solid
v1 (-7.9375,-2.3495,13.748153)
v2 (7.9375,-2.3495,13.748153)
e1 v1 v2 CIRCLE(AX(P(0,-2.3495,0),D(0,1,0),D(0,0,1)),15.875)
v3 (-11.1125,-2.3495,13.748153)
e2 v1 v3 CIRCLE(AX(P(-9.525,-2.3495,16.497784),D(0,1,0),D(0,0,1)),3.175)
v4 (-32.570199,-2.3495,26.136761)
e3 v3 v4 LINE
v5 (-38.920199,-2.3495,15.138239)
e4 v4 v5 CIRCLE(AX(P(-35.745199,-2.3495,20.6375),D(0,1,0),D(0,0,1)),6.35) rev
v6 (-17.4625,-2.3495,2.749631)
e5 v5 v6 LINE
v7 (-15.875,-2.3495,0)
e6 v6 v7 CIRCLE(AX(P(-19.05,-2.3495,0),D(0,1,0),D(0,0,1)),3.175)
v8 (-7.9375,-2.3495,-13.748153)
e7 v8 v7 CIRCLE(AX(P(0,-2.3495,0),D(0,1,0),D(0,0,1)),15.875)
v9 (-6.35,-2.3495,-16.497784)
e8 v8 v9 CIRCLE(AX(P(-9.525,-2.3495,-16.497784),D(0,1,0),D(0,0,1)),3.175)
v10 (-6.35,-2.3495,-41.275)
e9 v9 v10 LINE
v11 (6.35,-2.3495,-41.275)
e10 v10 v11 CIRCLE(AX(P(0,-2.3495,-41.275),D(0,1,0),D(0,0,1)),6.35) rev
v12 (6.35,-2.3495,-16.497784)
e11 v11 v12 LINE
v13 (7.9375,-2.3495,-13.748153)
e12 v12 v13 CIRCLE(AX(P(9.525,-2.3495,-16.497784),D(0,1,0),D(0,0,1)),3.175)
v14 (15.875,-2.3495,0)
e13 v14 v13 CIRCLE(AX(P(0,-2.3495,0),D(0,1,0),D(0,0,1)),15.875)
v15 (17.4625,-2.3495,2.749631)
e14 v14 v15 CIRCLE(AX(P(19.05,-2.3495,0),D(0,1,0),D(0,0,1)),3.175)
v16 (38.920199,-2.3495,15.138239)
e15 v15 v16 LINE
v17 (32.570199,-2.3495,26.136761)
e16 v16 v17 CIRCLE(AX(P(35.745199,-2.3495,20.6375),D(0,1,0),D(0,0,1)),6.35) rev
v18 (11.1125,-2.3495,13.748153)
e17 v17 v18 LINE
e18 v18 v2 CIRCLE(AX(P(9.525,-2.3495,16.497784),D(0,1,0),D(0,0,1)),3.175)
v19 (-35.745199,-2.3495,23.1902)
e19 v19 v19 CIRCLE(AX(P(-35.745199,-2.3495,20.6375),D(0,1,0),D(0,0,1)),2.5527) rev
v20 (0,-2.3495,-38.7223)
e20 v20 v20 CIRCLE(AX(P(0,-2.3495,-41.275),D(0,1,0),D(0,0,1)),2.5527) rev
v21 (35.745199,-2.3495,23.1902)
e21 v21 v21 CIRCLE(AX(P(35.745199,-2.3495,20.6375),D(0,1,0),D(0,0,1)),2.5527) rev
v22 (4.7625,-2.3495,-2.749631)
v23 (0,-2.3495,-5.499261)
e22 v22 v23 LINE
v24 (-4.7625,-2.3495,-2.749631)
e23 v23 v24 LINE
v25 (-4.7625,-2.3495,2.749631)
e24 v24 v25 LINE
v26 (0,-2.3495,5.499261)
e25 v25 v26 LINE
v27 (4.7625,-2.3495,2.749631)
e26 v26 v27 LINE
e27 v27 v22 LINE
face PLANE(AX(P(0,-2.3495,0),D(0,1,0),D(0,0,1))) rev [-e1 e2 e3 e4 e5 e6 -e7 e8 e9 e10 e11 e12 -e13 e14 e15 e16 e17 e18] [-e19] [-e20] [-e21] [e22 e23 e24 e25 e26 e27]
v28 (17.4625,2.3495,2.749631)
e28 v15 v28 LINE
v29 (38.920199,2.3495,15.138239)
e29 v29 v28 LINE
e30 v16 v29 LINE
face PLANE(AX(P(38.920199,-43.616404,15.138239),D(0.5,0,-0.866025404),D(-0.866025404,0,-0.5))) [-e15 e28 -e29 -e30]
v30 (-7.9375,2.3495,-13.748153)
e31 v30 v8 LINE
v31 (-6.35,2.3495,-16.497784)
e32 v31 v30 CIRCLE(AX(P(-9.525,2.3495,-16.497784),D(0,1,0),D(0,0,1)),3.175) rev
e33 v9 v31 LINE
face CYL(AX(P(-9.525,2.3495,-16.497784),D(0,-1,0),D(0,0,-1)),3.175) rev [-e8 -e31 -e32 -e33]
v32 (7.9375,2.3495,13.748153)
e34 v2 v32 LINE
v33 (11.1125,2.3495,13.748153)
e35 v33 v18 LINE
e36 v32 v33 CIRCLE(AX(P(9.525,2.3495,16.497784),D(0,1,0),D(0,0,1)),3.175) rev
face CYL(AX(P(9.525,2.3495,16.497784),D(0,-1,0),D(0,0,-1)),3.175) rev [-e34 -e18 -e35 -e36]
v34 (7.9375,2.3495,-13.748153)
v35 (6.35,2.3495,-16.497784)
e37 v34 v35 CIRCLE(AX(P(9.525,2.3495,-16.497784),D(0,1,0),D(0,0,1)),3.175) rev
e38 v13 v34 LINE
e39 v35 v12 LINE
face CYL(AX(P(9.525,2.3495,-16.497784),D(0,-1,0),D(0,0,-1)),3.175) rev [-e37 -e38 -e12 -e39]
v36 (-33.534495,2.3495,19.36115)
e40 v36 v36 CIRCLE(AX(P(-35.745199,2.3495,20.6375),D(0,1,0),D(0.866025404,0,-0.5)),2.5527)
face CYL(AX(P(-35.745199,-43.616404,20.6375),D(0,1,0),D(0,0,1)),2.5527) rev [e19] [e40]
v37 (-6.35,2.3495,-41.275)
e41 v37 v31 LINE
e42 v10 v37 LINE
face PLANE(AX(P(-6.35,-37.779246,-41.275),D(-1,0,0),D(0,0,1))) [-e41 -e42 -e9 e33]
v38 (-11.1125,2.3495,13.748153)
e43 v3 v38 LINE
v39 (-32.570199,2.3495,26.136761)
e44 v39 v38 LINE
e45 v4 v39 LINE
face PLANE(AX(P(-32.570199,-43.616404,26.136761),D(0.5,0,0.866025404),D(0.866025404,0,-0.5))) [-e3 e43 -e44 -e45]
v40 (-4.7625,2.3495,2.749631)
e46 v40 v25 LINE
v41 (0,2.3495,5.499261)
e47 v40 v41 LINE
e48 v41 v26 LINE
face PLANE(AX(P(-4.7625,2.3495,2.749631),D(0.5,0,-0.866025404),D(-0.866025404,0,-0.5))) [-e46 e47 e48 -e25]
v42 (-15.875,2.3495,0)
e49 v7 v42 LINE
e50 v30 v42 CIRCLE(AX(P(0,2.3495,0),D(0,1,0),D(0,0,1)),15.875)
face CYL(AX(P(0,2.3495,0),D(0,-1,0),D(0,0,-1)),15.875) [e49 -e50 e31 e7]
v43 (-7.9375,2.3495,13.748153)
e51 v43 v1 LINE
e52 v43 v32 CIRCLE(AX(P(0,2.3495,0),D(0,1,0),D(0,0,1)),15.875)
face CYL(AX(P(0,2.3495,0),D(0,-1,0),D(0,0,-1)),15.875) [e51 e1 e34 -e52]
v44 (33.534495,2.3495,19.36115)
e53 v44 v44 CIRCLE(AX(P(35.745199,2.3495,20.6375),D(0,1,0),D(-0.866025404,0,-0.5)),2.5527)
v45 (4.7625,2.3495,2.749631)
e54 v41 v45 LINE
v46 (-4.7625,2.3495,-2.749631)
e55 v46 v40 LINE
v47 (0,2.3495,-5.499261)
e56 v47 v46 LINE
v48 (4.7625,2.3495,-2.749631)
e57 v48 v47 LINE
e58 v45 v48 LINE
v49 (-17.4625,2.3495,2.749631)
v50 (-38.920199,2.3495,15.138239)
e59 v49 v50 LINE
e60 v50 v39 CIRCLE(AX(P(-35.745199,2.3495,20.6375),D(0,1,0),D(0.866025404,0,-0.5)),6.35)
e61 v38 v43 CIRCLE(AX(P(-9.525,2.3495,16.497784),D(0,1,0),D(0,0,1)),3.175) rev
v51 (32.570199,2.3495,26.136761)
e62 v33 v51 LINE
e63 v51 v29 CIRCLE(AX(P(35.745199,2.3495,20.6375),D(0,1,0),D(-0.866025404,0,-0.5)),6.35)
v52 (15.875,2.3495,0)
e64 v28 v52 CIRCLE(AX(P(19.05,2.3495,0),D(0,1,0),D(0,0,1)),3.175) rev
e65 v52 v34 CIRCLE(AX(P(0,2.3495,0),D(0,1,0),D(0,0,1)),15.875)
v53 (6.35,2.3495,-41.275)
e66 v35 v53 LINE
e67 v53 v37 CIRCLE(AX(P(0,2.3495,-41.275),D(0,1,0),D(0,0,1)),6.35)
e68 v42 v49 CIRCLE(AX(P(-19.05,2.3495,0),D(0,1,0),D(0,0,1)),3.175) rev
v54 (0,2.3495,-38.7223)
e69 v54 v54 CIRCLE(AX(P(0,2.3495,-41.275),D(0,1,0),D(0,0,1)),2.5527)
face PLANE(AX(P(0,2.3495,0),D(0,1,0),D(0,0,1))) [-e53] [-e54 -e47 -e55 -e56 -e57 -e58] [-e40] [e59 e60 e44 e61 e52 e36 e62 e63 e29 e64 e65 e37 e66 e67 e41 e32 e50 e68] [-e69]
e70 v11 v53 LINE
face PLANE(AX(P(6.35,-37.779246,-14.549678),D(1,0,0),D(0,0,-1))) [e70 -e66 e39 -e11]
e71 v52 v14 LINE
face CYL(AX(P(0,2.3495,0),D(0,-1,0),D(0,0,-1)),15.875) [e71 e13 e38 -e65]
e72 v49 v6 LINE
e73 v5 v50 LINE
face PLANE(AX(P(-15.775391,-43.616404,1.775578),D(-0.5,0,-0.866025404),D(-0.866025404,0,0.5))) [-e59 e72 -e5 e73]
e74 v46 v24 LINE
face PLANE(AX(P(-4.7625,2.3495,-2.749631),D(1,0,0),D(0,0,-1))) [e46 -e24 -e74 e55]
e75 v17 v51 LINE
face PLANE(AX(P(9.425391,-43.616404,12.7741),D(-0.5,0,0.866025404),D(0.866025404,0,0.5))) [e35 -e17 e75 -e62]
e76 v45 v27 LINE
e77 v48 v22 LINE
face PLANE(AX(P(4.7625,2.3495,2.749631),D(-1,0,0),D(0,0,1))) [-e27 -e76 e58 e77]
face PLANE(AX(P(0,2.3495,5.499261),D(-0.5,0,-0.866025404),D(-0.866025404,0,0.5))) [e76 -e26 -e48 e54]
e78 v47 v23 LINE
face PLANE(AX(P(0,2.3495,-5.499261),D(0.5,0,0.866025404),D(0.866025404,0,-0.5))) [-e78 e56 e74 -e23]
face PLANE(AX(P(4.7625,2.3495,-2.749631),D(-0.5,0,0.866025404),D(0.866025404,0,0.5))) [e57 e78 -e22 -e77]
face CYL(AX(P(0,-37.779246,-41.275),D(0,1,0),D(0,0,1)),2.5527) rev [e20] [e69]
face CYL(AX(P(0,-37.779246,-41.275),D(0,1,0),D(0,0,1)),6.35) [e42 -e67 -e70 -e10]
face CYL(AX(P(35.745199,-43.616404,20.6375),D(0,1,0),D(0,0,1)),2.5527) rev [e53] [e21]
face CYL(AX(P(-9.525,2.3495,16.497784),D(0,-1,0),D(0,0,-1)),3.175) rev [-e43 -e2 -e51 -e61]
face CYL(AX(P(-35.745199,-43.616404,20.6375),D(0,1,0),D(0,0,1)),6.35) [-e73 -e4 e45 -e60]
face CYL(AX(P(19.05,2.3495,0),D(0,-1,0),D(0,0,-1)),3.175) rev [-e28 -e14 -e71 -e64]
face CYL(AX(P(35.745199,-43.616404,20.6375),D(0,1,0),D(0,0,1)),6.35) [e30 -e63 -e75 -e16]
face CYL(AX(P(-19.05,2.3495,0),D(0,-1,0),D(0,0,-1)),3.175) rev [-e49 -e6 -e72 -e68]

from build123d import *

# Parameters (mm, degrees)
SKETCH1_R                = 15.875
BOSS_EXTRUDE1_DEPTH      = 2.3495
SKETCH2_R                = 2.5527
BOSS_EXTRUDE2_DEPTH      = 4.699
FILLET1_R                = 3.175
CIRPATTERN1_COUNT        = 3
FILLET1_OF_CIRPATTERN1_R = 3.175


with BuildPart() as part:
    # Sketch1 → Boss-Extrude1 (new, symmetric)
    with BuildSketch(Plane(origin=(0, 0, 0), x_dir=(1, 0, 0), z_dir=(0, 1, 0))):
        with Locations(Location((0, 0, 0), (0, 0, 270))):
            Circle(SKETCH1_R)
        Polygon((0, 5.499261314), (-4.7625, 2.749630657), (-4.7625, -2.749630657), (0, -5.499261314), (4.7625, -2.749630657), (4.7625, 2.749630657), align=None, mode=Mode.SUBTRACT)
    extrude(amount=BOSS_EXTRUDE1_DEPTH, both=True)

    # Sketch2 → Boss-Extrude2 (add)
    with BuildSketch(Plane(origin=(0, 2.3495, 0), x_dir=(1, 0, 0), z_dir=(0, 1, 0))):
        with BuildLine():
            Line((-6.35, 41.275), (-6.35, 14.549677831))
            ThreePointArc((-6.35, 14.549677831), (0, 15.875), (6.35, 14.549677831))
            Line((6.35, 14.549677831), (6.35, 41.275))
            ThreePointArc((6.35, 41.275), (0, 47.625), (-6.35, 41.275))
        make_face()
        with Locations(Location((0, 41.275, 0), (0, 0, 270))):
            Circle(SKETCH2_R, mode=Mode.SUBTRACT)
    boss_extrude2 = extrude(amount=-BOSS_EXTRUDE2_DEPTH)

    # Fillet1
    fillet1_edges = [part.edges().sort_by_distance(p)[0] for p in [
        (-6.35, 0, -14.549677831),
        (6.35, 0, -14.549677831),
    ]]
    fillet(fillet1_edges, radius=FILLET1_R)

    # CirPattern1: Boss-Extrude2 ×3 about axis
    cirpattern1_axis = Axis((0, 0, 0), (0, 1, 0))
    for i in range(1, CIRPATTERN1_COUNT):
        add(boss_extrude2.rotate(cirpattern1_axis, i * 360 / CIRPATTERN1_COUNT))

    # Fillet1 of CirPattern1
    fillet1_of_cirpattern1_edges = [part.edges().sort_by_distance(p)[0] for p in [
        (-9.425390619, 0, 12.77410023),
        (-15.775390619, 0, 1.775577602),
        (15.775390619, 0, 1.775577602),
        (9.425390619, 0, 12.77410023),
    ]]
    fillet(fillet1_of_cirpattern1_edges, radius=FILLET1_OF_CIRPATTERN1_R)


solid = part.part
